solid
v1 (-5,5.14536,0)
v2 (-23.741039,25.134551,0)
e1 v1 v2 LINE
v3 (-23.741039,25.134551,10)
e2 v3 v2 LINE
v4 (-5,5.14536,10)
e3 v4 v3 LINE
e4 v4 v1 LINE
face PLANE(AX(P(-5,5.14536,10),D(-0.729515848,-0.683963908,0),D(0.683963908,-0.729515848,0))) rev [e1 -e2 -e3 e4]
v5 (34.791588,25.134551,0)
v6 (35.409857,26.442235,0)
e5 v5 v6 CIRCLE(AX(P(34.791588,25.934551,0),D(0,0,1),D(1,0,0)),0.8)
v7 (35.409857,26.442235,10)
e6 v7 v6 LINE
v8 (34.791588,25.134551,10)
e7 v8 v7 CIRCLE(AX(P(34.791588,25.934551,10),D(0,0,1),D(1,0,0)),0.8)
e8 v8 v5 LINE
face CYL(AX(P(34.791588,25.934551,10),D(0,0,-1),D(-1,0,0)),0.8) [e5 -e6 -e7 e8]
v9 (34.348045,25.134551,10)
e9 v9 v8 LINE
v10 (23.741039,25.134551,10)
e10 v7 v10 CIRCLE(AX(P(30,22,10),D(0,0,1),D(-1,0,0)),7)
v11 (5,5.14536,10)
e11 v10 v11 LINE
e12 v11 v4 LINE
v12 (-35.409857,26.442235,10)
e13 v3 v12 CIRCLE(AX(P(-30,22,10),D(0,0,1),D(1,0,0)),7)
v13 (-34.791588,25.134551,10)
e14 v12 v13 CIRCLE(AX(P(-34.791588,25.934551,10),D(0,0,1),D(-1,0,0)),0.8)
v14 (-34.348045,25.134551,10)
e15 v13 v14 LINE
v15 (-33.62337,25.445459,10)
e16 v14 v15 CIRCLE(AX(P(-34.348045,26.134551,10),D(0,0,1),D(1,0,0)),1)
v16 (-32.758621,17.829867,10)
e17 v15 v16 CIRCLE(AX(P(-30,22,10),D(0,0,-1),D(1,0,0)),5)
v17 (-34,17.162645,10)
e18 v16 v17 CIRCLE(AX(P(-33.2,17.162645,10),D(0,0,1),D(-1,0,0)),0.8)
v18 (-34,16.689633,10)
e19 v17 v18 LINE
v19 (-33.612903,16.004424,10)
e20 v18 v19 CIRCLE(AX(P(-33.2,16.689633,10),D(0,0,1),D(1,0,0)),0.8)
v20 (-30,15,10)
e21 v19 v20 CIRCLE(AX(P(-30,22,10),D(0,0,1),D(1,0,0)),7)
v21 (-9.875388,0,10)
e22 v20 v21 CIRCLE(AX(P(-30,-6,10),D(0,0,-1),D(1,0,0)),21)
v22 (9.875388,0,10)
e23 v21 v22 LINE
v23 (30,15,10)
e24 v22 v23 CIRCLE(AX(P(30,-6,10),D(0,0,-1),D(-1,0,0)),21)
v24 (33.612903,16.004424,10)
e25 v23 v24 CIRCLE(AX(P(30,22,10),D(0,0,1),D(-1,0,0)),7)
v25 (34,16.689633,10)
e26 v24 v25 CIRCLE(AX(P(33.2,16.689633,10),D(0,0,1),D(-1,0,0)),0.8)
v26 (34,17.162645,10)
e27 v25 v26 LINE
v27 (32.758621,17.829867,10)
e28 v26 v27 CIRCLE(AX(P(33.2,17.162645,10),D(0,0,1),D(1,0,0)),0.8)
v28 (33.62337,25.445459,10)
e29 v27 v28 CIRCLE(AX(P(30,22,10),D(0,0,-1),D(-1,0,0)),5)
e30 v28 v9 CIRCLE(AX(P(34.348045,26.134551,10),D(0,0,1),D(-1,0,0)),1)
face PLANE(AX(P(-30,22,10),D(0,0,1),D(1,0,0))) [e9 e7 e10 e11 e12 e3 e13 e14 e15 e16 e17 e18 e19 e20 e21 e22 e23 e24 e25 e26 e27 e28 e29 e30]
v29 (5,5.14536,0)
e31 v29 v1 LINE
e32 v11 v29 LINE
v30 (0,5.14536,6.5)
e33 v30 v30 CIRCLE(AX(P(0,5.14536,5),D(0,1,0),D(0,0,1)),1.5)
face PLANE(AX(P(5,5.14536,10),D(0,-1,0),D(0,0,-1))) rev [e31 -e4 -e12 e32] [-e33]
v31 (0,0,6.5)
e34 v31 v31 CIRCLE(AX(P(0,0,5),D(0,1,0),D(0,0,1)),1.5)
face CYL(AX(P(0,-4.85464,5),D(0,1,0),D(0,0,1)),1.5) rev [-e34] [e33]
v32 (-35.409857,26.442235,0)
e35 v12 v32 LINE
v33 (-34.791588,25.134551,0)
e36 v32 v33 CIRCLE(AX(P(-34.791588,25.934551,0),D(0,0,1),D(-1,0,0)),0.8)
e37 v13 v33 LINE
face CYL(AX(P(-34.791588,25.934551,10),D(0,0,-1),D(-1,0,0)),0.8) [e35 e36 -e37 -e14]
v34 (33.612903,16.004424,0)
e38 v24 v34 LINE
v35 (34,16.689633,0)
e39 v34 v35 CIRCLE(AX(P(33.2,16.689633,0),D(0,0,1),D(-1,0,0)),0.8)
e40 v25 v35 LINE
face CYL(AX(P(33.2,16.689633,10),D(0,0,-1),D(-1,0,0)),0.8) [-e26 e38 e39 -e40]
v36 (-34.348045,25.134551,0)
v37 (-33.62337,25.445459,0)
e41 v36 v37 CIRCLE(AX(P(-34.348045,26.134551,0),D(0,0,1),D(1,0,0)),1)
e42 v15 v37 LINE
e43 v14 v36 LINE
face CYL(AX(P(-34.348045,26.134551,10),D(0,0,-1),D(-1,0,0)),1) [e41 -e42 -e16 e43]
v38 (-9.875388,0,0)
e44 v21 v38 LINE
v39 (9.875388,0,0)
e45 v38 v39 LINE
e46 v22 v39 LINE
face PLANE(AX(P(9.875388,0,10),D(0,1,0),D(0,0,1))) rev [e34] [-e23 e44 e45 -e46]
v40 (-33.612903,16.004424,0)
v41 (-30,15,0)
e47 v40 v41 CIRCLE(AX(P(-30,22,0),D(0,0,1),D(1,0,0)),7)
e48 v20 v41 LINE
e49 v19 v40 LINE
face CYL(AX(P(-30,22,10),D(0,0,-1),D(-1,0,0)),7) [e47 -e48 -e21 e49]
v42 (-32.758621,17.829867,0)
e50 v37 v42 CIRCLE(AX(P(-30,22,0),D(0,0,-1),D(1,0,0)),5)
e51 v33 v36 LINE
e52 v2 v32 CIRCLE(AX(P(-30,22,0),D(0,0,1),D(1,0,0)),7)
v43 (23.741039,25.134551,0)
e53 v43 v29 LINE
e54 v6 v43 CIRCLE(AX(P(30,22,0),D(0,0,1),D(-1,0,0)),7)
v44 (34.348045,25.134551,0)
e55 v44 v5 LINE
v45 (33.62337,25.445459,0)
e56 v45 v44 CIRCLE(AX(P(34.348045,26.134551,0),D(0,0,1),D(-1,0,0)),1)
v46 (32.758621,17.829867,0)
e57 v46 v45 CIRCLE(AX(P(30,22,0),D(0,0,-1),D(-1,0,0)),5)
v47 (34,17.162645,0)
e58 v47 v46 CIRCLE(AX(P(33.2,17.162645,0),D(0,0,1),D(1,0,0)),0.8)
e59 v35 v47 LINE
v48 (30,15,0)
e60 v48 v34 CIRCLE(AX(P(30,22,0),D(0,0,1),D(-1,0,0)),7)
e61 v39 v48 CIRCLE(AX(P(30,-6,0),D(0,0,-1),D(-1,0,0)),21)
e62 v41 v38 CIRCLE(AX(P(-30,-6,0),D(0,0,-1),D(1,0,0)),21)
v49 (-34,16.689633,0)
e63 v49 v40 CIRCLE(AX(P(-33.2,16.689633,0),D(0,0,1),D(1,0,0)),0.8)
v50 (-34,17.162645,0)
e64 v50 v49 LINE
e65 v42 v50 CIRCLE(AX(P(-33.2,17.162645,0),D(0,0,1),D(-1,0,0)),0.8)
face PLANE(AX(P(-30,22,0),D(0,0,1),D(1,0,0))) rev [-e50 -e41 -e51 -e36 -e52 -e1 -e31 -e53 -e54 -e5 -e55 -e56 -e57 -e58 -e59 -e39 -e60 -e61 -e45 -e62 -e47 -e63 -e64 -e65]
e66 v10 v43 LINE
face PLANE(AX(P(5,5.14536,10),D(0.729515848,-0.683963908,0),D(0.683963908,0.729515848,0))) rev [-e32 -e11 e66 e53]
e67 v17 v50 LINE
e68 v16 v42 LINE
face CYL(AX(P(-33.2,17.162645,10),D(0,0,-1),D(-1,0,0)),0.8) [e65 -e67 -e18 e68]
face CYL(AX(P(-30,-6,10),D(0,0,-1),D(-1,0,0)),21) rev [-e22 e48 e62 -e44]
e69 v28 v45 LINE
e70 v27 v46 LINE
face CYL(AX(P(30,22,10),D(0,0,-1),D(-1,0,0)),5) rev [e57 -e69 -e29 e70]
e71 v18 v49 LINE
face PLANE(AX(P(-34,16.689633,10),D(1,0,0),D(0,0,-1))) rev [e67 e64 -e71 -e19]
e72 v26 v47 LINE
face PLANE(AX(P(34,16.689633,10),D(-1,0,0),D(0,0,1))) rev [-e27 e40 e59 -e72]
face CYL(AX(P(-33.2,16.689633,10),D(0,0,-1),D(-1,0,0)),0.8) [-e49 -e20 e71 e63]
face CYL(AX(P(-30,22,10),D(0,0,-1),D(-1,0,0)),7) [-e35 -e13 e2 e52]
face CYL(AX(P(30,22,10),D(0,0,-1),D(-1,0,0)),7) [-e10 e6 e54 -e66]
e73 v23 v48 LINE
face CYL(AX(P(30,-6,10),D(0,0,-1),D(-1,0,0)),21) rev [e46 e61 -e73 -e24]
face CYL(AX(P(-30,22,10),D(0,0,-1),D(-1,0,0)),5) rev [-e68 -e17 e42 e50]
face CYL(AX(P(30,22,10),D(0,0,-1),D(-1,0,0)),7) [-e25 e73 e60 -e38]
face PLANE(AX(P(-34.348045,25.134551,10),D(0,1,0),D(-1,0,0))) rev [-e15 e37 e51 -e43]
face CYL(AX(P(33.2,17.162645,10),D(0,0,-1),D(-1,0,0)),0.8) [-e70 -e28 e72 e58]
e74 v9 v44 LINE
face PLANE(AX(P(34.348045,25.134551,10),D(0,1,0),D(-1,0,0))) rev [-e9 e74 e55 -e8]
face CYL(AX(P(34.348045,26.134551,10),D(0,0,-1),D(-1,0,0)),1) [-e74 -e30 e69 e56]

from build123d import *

# Parameters (mm, degrees)
BOSS_EXTRUDE1_DEPTH = 10
SKETCH2_R           = 1.5
CUT_EXTRUDE1_DEPTH  = 10


with BuildPart() as part:
    # Sketch1 → Boss-Extrude1 (new body)
    with BuildSketch(Plane.XY):
        with BuildLine():
            Line((9.875388203, 0), (-9.875388203, 0))
            ThreePointArc((-9.875388203, 0), (-17.450099602, 10.83745824), (-30, 15))
            ThreePointArc((-30, 15), (-31.8749625, 15.255779094), (-33.612903226, 16.004424108))
            ThreePointArc((-33.612903226, 16.004424108), (-33.896535204, 16.29613728), (-34, 16.689632781))
            Line((-34, 16.689632781), (-34, 17.162645351))
            ThreePointArc((-34, 17.162645351), (-33.578745661, 17.867309614), (-32.75862069, 17.829866682))
            ThreePointArc((-32.75862069, 17.829866682), (-25.031925557, 22.564124391), (-33.623370468, 25.445458816))
            ThreePointArc((-33.623370468, 25.445458816), (-33.953767859, 25.215558804), (-34.348044562, 25.134550579))
            Line((-34.348044562, 25.134550579), (-34.791587602, 25.134550579))
            ThreePointArc((-34.791587602, 25.134550579), (-35.51482586, 25.592605522), (-35.409856969, 26.442234524))
            ThreePointArc((-35.409856969, 26.442234524), (-29.220414383, 28.95645357), (-23.74103901, 25.134550579))
            Line((-23.74103901, 25.134550579), (-5, 5.145359938))
            Line((-5, 5.145359938), (5, 5.145359938))
            Line((5, 5.145359938), (23.74103901, 25.134550579))
            ThreePointArc((23.74103901, 25.134550579), (29.220414383, 28.95645357), (35.409856969, 26.442234524))
            ThreePointArc((35.409856969, 26.442234524), (35.51482586, 25.592605522), (34.791587602, 25.134550579))
            Line((34.791587602, 25.134550579), (34.348044562, 25.134550579))
            ThreePointArc((34.348044562, 25.134550579), (33.953767859, 25.215558804), (33.623370468, 25.445458816))
            ThreePointArc((33.623370468, 25.445458816), (25.031925557, 22.564124391), (32.75862069, 17.829866682))
            ThreePointArc((32.75862069, 17.829866682), (33.578745661, 17.867309614), (34, 17.162645351))
            Line((34, 17.162645351), (34, 16.689632781))
            ThreePointArc((34, 16.689632781), (33.896535204, 16.29613728), (33.612903226, 16.004424108))
            ThreePointArc((33.612903226, 16.004424108), (31.8749625, 15.255779094), (30, 15))
            ThreePointArc((30, 15), (17.450099602, 10.83745824), (9.875388203, 0))
        make_face()
    extrude(amount=BOSS_EXTRUDE1_DEPTH)

    # Sketch2 → Cut-Extrude1 (cut)
    with BuildSketch(Plane(origin=(0, 5.145359938, 0), x_dir=(1, 0, 0), z_dir=(0, 1, 0))):
        with Locations((0, -5)):
            Circle(SKETCH2_R)
    extrude(amount=-CUT_EXTRUDE1_DEPTH, mode=Mode.SUBTRACT)


solid = part.part
